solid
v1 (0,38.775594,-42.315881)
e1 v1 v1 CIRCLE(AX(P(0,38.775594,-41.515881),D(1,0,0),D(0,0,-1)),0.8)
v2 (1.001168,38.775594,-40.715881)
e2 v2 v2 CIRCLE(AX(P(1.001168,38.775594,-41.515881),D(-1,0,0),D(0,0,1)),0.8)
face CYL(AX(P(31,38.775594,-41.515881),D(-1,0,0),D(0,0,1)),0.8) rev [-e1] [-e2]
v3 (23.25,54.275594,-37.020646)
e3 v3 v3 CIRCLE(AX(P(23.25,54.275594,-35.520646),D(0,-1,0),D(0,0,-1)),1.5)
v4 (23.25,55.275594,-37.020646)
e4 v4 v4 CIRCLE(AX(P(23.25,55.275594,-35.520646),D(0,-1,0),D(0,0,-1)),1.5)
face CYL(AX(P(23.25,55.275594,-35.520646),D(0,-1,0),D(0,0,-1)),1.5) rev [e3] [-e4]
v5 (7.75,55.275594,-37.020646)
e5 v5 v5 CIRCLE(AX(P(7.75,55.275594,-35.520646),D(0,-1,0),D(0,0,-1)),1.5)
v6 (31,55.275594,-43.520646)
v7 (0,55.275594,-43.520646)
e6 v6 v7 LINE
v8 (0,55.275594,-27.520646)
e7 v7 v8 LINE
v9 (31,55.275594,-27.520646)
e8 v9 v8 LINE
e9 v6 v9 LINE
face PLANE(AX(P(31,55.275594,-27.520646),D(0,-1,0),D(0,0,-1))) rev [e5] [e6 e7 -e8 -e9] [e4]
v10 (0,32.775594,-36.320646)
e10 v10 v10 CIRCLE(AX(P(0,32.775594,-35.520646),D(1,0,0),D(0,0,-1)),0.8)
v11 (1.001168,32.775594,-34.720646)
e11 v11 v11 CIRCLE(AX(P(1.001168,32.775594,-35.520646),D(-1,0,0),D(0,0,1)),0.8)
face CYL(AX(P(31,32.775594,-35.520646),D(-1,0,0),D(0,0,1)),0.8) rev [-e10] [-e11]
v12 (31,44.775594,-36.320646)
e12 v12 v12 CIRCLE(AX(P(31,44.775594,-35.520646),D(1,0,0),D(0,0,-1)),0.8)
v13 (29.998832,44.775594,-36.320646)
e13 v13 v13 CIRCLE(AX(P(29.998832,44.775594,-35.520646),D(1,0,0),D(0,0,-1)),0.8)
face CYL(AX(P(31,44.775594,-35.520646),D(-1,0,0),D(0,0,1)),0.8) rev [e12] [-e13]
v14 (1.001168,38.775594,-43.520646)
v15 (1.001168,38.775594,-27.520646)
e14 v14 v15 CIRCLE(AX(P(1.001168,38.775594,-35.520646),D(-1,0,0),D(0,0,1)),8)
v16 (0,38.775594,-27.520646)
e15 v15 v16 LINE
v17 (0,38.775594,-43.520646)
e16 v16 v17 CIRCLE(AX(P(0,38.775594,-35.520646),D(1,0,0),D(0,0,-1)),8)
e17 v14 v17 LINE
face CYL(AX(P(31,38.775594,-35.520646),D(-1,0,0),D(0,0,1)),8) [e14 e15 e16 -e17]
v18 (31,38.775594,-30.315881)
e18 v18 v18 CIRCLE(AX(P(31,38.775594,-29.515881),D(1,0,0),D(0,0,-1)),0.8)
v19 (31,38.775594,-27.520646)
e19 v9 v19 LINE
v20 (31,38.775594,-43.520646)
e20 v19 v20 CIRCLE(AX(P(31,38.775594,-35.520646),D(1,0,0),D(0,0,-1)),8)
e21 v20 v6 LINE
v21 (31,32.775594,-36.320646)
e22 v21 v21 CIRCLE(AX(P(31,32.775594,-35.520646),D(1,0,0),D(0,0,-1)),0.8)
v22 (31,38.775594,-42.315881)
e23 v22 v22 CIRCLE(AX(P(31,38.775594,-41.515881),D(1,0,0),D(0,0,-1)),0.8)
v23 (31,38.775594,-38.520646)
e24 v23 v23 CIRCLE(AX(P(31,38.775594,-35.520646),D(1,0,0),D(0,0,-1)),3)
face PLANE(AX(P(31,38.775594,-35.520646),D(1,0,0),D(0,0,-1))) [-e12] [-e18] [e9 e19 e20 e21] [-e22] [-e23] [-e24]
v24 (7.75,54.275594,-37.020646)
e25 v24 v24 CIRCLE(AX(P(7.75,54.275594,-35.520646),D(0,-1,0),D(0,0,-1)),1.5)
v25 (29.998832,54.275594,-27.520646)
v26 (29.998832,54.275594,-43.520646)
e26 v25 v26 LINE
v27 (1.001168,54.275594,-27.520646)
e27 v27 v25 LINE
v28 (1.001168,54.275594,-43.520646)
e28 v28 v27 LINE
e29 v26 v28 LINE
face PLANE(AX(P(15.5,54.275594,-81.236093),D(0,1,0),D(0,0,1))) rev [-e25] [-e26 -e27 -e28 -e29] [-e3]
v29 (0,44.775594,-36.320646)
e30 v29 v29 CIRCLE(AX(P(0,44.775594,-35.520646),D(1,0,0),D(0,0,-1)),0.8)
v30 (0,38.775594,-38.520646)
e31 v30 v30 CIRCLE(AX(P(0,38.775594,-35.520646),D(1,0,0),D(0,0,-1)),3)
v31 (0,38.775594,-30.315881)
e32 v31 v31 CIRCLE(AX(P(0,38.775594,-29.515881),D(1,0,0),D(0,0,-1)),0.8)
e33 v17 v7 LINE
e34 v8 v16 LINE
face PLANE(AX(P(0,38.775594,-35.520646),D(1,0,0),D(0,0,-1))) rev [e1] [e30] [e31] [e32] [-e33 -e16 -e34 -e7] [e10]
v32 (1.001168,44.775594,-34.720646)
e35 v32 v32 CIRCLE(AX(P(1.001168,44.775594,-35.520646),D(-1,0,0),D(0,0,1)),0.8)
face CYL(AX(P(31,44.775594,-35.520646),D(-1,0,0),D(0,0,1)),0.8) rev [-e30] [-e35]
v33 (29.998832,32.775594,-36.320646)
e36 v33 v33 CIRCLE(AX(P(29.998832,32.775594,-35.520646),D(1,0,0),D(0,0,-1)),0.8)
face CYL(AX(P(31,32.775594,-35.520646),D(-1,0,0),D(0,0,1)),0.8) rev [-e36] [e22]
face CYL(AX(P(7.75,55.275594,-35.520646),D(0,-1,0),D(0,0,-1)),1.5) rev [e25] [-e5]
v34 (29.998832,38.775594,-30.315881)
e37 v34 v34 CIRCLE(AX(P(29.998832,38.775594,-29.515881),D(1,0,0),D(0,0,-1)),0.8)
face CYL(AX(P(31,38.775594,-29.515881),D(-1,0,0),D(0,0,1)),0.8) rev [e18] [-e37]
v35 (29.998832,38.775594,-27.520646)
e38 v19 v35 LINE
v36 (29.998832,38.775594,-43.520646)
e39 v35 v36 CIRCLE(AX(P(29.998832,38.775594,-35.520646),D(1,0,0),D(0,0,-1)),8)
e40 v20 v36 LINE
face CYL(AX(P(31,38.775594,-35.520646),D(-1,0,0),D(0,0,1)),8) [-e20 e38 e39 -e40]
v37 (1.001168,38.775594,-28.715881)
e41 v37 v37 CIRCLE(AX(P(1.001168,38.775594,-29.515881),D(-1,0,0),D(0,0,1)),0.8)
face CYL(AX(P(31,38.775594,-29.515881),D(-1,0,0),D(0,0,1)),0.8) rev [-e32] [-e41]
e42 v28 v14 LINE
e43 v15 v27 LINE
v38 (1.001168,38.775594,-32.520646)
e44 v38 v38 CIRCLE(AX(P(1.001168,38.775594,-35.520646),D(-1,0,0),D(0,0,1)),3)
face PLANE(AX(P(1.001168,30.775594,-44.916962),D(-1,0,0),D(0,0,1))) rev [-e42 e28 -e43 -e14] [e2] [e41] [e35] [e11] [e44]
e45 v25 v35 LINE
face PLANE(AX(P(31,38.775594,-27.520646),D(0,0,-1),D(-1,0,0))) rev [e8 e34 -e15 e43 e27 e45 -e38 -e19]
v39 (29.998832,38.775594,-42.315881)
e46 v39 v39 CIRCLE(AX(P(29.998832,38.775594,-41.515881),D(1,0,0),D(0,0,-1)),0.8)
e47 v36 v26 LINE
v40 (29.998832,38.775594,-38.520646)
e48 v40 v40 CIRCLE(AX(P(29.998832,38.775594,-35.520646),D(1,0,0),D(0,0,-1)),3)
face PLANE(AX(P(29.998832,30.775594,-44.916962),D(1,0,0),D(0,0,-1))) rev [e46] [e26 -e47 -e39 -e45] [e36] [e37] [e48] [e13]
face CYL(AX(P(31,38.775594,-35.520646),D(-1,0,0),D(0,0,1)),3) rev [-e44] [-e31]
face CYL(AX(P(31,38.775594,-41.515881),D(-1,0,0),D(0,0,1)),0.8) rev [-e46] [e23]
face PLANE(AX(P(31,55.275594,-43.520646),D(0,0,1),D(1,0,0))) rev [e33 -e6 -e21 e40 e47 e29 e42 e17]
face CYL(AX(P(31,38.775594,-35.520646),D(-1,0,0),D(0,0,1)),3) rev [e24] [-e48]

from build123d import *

# Parameters (mm, degrees)
SKETCH1_R           = 0.8
SKETCH1_R_2         = 3
BOSS_EXTRUDE1_DEPTH = 31
BOSS_EXTRUDE2_DEPTH = 1
SKETCH5_R           = 0.8
CUT_EXTRUDE3_DEPTH  = 1
SKETCH5_3_R         = 3
CUT_EXTRUDE4_DEPTH  = 1
CUT_EXTRUDE6_START  = -1
SKETCH6_W           = 28.997664588
SKETCH6_H           = 18.792631537
CUT_EXTRUDE6_DEPTH  = 104.494601352
SKETCH7_W           = 31
SKETCH7_H           = 56.017020421
CUT_EXTRUDE7_DEPTH  = 105.264671446
SKETCH8_R           = 1.5
CUT_EXTRUDE8_DEPTH  = 59.37205382


with BuildPart() as part:
    # Sketch1 → Boss-Extrude1 (new body)
    with BuildSketch(Plane(origin=(0, 0, 0), x_dir=(0, 0, -1), z_dir=(1, 0, 0))):
        with BuildLine():
            Line((27.520646447, 38.775594), (27.520646447, 55.275594))
            Line((27.520646447, 55.275594), (43.520646447, 55.275594))
            Line((43.520646447, 55.275594), (43.520646447, 38.775594))
            ThreePointArc((43.520646447, 38.775594), (35.520646447, 30.775594), (27.520646447, 38.775594))
        make_face()
        with Locations((35.520646447, 44.775594)):
            Circle(SKETCH1_R, mode=Mode.SUBTRACT)
        with Locations((41.515881392, 38.775594)):
            Circle(SKETCH1_R, mode=Mode.SUBTRACT)
        with Locations((35.520646447, 32.775594)):
            Circle(SKETCH1_R, mode=Mode.SUBTRACT)
        with Locations((29.515881392, 38.775594)):
            Circle(SKETCH1_R, mode=Mode.SUBTRACT)
        with Locations((35.520646447, 38.775594)):
            Circle(SKETCH1_R_2, mode=Mode.SUBTRACT)
    extrude(amount=BOSS_EXTRUDE1_DEPTH)

    # Sketch4 → Boss-Extrude2 (add)
    with BuildSketch(Plane(origin=(0, 55.275594, 0), x_dir=(1, 0, 0), z_dir=(0, 1, 0))):
        with BuildLine():
            Line((0, 43.520646447), (31, 43.520646447))
            Line((31, 43.520646447), (31, 65.088337856))
            Line((31, 65.088337856), (31, 81.236093118))
            ThreePointArc((31, 81.236093118), (15.5, 96.736093118), (0, 81.236093118))
            Line((0, 81.236093118), (0, 65.088337856))
            Line((0, 65.088337856), (0, 43.520646447))
        make_face()
    extrude(amount=-BOSS_EXTRUDE2_DEPTH)

    # Sketch5 → Cut-Extrude3 (cut)
    with BuildSketch(Plane.XZ.offset(-54.275594)):
        with Locations((9.5, -81.236093118)):
            Circle(SKETCH5_R)
        with Locations((15.5, -75.236093118)):
            Circle(SKETCH5_R)
        with Locations((21.5, -81.236093118)):
            Circle(SKETCH5_R)
        with Locations((15.5, -87.236093118)):
            Circle(SKETCH5_R)
    extrude(amount=-CUT_EXTRUDE3_DEPTH, mode=Mode.SUBTRACT)

    # Sketch5<3> → Cut-Extrude4 (cut)
    with BuildSketch(Plane.XZ.offset(-54.275594)):
        with Locations((15.5, -81.236093118)):
            Circle(SKETCH5_3_R)
    extrude(amount=-CUT_EXTRUDE4_DEPTH, mode=Mode.SUBTRACT)

    # Sketch6 → Cut-Extrude6 (cut, through all)
    with BuildSketch(Plane(origin=(0, 55.275594, 0), x_dir=(1, 0, 0), z_dir=(0, 1, 0)).offset(CUT_EXTRUDE6_START)):
        with Locations((15.5, 35.520646447)):
            Rectangle(SKETCH6_W, SKETCH6_H)
    extrude(amount=-CUT_EXTRUDE6_DEPTH, mode=Mode.SUBTRACT)

    # Sketch7 → Cut-Extrude7 (cut, through all)
    with BuildSketch(Plane.XZ.offset(-54.275594)):
        with Locations((15.5, -71.529156658)):
            Rectangle(SKETCH7_W, SKETCH7_H)
    extrude(amount=-CUT_EXTRUDE7_DEPTH, mode=Mode.SUBTRACT)

    # Sketch8 → Cut-Extrude8 (cut, through all)
    with BuildSketch(Plane.XZ.offset(-54.275594)):
        with Locations((7.75, -35.520646447)):
            Circle(SKETCH8_R)
        with Locations((23.25, -35.520646447)):
            Circle(SKETCH8_R)
    extrude(amount=-CUT_EXTRUDE8_DEPTH, mode=Mode.SUBTRACT)


solid = part.part
